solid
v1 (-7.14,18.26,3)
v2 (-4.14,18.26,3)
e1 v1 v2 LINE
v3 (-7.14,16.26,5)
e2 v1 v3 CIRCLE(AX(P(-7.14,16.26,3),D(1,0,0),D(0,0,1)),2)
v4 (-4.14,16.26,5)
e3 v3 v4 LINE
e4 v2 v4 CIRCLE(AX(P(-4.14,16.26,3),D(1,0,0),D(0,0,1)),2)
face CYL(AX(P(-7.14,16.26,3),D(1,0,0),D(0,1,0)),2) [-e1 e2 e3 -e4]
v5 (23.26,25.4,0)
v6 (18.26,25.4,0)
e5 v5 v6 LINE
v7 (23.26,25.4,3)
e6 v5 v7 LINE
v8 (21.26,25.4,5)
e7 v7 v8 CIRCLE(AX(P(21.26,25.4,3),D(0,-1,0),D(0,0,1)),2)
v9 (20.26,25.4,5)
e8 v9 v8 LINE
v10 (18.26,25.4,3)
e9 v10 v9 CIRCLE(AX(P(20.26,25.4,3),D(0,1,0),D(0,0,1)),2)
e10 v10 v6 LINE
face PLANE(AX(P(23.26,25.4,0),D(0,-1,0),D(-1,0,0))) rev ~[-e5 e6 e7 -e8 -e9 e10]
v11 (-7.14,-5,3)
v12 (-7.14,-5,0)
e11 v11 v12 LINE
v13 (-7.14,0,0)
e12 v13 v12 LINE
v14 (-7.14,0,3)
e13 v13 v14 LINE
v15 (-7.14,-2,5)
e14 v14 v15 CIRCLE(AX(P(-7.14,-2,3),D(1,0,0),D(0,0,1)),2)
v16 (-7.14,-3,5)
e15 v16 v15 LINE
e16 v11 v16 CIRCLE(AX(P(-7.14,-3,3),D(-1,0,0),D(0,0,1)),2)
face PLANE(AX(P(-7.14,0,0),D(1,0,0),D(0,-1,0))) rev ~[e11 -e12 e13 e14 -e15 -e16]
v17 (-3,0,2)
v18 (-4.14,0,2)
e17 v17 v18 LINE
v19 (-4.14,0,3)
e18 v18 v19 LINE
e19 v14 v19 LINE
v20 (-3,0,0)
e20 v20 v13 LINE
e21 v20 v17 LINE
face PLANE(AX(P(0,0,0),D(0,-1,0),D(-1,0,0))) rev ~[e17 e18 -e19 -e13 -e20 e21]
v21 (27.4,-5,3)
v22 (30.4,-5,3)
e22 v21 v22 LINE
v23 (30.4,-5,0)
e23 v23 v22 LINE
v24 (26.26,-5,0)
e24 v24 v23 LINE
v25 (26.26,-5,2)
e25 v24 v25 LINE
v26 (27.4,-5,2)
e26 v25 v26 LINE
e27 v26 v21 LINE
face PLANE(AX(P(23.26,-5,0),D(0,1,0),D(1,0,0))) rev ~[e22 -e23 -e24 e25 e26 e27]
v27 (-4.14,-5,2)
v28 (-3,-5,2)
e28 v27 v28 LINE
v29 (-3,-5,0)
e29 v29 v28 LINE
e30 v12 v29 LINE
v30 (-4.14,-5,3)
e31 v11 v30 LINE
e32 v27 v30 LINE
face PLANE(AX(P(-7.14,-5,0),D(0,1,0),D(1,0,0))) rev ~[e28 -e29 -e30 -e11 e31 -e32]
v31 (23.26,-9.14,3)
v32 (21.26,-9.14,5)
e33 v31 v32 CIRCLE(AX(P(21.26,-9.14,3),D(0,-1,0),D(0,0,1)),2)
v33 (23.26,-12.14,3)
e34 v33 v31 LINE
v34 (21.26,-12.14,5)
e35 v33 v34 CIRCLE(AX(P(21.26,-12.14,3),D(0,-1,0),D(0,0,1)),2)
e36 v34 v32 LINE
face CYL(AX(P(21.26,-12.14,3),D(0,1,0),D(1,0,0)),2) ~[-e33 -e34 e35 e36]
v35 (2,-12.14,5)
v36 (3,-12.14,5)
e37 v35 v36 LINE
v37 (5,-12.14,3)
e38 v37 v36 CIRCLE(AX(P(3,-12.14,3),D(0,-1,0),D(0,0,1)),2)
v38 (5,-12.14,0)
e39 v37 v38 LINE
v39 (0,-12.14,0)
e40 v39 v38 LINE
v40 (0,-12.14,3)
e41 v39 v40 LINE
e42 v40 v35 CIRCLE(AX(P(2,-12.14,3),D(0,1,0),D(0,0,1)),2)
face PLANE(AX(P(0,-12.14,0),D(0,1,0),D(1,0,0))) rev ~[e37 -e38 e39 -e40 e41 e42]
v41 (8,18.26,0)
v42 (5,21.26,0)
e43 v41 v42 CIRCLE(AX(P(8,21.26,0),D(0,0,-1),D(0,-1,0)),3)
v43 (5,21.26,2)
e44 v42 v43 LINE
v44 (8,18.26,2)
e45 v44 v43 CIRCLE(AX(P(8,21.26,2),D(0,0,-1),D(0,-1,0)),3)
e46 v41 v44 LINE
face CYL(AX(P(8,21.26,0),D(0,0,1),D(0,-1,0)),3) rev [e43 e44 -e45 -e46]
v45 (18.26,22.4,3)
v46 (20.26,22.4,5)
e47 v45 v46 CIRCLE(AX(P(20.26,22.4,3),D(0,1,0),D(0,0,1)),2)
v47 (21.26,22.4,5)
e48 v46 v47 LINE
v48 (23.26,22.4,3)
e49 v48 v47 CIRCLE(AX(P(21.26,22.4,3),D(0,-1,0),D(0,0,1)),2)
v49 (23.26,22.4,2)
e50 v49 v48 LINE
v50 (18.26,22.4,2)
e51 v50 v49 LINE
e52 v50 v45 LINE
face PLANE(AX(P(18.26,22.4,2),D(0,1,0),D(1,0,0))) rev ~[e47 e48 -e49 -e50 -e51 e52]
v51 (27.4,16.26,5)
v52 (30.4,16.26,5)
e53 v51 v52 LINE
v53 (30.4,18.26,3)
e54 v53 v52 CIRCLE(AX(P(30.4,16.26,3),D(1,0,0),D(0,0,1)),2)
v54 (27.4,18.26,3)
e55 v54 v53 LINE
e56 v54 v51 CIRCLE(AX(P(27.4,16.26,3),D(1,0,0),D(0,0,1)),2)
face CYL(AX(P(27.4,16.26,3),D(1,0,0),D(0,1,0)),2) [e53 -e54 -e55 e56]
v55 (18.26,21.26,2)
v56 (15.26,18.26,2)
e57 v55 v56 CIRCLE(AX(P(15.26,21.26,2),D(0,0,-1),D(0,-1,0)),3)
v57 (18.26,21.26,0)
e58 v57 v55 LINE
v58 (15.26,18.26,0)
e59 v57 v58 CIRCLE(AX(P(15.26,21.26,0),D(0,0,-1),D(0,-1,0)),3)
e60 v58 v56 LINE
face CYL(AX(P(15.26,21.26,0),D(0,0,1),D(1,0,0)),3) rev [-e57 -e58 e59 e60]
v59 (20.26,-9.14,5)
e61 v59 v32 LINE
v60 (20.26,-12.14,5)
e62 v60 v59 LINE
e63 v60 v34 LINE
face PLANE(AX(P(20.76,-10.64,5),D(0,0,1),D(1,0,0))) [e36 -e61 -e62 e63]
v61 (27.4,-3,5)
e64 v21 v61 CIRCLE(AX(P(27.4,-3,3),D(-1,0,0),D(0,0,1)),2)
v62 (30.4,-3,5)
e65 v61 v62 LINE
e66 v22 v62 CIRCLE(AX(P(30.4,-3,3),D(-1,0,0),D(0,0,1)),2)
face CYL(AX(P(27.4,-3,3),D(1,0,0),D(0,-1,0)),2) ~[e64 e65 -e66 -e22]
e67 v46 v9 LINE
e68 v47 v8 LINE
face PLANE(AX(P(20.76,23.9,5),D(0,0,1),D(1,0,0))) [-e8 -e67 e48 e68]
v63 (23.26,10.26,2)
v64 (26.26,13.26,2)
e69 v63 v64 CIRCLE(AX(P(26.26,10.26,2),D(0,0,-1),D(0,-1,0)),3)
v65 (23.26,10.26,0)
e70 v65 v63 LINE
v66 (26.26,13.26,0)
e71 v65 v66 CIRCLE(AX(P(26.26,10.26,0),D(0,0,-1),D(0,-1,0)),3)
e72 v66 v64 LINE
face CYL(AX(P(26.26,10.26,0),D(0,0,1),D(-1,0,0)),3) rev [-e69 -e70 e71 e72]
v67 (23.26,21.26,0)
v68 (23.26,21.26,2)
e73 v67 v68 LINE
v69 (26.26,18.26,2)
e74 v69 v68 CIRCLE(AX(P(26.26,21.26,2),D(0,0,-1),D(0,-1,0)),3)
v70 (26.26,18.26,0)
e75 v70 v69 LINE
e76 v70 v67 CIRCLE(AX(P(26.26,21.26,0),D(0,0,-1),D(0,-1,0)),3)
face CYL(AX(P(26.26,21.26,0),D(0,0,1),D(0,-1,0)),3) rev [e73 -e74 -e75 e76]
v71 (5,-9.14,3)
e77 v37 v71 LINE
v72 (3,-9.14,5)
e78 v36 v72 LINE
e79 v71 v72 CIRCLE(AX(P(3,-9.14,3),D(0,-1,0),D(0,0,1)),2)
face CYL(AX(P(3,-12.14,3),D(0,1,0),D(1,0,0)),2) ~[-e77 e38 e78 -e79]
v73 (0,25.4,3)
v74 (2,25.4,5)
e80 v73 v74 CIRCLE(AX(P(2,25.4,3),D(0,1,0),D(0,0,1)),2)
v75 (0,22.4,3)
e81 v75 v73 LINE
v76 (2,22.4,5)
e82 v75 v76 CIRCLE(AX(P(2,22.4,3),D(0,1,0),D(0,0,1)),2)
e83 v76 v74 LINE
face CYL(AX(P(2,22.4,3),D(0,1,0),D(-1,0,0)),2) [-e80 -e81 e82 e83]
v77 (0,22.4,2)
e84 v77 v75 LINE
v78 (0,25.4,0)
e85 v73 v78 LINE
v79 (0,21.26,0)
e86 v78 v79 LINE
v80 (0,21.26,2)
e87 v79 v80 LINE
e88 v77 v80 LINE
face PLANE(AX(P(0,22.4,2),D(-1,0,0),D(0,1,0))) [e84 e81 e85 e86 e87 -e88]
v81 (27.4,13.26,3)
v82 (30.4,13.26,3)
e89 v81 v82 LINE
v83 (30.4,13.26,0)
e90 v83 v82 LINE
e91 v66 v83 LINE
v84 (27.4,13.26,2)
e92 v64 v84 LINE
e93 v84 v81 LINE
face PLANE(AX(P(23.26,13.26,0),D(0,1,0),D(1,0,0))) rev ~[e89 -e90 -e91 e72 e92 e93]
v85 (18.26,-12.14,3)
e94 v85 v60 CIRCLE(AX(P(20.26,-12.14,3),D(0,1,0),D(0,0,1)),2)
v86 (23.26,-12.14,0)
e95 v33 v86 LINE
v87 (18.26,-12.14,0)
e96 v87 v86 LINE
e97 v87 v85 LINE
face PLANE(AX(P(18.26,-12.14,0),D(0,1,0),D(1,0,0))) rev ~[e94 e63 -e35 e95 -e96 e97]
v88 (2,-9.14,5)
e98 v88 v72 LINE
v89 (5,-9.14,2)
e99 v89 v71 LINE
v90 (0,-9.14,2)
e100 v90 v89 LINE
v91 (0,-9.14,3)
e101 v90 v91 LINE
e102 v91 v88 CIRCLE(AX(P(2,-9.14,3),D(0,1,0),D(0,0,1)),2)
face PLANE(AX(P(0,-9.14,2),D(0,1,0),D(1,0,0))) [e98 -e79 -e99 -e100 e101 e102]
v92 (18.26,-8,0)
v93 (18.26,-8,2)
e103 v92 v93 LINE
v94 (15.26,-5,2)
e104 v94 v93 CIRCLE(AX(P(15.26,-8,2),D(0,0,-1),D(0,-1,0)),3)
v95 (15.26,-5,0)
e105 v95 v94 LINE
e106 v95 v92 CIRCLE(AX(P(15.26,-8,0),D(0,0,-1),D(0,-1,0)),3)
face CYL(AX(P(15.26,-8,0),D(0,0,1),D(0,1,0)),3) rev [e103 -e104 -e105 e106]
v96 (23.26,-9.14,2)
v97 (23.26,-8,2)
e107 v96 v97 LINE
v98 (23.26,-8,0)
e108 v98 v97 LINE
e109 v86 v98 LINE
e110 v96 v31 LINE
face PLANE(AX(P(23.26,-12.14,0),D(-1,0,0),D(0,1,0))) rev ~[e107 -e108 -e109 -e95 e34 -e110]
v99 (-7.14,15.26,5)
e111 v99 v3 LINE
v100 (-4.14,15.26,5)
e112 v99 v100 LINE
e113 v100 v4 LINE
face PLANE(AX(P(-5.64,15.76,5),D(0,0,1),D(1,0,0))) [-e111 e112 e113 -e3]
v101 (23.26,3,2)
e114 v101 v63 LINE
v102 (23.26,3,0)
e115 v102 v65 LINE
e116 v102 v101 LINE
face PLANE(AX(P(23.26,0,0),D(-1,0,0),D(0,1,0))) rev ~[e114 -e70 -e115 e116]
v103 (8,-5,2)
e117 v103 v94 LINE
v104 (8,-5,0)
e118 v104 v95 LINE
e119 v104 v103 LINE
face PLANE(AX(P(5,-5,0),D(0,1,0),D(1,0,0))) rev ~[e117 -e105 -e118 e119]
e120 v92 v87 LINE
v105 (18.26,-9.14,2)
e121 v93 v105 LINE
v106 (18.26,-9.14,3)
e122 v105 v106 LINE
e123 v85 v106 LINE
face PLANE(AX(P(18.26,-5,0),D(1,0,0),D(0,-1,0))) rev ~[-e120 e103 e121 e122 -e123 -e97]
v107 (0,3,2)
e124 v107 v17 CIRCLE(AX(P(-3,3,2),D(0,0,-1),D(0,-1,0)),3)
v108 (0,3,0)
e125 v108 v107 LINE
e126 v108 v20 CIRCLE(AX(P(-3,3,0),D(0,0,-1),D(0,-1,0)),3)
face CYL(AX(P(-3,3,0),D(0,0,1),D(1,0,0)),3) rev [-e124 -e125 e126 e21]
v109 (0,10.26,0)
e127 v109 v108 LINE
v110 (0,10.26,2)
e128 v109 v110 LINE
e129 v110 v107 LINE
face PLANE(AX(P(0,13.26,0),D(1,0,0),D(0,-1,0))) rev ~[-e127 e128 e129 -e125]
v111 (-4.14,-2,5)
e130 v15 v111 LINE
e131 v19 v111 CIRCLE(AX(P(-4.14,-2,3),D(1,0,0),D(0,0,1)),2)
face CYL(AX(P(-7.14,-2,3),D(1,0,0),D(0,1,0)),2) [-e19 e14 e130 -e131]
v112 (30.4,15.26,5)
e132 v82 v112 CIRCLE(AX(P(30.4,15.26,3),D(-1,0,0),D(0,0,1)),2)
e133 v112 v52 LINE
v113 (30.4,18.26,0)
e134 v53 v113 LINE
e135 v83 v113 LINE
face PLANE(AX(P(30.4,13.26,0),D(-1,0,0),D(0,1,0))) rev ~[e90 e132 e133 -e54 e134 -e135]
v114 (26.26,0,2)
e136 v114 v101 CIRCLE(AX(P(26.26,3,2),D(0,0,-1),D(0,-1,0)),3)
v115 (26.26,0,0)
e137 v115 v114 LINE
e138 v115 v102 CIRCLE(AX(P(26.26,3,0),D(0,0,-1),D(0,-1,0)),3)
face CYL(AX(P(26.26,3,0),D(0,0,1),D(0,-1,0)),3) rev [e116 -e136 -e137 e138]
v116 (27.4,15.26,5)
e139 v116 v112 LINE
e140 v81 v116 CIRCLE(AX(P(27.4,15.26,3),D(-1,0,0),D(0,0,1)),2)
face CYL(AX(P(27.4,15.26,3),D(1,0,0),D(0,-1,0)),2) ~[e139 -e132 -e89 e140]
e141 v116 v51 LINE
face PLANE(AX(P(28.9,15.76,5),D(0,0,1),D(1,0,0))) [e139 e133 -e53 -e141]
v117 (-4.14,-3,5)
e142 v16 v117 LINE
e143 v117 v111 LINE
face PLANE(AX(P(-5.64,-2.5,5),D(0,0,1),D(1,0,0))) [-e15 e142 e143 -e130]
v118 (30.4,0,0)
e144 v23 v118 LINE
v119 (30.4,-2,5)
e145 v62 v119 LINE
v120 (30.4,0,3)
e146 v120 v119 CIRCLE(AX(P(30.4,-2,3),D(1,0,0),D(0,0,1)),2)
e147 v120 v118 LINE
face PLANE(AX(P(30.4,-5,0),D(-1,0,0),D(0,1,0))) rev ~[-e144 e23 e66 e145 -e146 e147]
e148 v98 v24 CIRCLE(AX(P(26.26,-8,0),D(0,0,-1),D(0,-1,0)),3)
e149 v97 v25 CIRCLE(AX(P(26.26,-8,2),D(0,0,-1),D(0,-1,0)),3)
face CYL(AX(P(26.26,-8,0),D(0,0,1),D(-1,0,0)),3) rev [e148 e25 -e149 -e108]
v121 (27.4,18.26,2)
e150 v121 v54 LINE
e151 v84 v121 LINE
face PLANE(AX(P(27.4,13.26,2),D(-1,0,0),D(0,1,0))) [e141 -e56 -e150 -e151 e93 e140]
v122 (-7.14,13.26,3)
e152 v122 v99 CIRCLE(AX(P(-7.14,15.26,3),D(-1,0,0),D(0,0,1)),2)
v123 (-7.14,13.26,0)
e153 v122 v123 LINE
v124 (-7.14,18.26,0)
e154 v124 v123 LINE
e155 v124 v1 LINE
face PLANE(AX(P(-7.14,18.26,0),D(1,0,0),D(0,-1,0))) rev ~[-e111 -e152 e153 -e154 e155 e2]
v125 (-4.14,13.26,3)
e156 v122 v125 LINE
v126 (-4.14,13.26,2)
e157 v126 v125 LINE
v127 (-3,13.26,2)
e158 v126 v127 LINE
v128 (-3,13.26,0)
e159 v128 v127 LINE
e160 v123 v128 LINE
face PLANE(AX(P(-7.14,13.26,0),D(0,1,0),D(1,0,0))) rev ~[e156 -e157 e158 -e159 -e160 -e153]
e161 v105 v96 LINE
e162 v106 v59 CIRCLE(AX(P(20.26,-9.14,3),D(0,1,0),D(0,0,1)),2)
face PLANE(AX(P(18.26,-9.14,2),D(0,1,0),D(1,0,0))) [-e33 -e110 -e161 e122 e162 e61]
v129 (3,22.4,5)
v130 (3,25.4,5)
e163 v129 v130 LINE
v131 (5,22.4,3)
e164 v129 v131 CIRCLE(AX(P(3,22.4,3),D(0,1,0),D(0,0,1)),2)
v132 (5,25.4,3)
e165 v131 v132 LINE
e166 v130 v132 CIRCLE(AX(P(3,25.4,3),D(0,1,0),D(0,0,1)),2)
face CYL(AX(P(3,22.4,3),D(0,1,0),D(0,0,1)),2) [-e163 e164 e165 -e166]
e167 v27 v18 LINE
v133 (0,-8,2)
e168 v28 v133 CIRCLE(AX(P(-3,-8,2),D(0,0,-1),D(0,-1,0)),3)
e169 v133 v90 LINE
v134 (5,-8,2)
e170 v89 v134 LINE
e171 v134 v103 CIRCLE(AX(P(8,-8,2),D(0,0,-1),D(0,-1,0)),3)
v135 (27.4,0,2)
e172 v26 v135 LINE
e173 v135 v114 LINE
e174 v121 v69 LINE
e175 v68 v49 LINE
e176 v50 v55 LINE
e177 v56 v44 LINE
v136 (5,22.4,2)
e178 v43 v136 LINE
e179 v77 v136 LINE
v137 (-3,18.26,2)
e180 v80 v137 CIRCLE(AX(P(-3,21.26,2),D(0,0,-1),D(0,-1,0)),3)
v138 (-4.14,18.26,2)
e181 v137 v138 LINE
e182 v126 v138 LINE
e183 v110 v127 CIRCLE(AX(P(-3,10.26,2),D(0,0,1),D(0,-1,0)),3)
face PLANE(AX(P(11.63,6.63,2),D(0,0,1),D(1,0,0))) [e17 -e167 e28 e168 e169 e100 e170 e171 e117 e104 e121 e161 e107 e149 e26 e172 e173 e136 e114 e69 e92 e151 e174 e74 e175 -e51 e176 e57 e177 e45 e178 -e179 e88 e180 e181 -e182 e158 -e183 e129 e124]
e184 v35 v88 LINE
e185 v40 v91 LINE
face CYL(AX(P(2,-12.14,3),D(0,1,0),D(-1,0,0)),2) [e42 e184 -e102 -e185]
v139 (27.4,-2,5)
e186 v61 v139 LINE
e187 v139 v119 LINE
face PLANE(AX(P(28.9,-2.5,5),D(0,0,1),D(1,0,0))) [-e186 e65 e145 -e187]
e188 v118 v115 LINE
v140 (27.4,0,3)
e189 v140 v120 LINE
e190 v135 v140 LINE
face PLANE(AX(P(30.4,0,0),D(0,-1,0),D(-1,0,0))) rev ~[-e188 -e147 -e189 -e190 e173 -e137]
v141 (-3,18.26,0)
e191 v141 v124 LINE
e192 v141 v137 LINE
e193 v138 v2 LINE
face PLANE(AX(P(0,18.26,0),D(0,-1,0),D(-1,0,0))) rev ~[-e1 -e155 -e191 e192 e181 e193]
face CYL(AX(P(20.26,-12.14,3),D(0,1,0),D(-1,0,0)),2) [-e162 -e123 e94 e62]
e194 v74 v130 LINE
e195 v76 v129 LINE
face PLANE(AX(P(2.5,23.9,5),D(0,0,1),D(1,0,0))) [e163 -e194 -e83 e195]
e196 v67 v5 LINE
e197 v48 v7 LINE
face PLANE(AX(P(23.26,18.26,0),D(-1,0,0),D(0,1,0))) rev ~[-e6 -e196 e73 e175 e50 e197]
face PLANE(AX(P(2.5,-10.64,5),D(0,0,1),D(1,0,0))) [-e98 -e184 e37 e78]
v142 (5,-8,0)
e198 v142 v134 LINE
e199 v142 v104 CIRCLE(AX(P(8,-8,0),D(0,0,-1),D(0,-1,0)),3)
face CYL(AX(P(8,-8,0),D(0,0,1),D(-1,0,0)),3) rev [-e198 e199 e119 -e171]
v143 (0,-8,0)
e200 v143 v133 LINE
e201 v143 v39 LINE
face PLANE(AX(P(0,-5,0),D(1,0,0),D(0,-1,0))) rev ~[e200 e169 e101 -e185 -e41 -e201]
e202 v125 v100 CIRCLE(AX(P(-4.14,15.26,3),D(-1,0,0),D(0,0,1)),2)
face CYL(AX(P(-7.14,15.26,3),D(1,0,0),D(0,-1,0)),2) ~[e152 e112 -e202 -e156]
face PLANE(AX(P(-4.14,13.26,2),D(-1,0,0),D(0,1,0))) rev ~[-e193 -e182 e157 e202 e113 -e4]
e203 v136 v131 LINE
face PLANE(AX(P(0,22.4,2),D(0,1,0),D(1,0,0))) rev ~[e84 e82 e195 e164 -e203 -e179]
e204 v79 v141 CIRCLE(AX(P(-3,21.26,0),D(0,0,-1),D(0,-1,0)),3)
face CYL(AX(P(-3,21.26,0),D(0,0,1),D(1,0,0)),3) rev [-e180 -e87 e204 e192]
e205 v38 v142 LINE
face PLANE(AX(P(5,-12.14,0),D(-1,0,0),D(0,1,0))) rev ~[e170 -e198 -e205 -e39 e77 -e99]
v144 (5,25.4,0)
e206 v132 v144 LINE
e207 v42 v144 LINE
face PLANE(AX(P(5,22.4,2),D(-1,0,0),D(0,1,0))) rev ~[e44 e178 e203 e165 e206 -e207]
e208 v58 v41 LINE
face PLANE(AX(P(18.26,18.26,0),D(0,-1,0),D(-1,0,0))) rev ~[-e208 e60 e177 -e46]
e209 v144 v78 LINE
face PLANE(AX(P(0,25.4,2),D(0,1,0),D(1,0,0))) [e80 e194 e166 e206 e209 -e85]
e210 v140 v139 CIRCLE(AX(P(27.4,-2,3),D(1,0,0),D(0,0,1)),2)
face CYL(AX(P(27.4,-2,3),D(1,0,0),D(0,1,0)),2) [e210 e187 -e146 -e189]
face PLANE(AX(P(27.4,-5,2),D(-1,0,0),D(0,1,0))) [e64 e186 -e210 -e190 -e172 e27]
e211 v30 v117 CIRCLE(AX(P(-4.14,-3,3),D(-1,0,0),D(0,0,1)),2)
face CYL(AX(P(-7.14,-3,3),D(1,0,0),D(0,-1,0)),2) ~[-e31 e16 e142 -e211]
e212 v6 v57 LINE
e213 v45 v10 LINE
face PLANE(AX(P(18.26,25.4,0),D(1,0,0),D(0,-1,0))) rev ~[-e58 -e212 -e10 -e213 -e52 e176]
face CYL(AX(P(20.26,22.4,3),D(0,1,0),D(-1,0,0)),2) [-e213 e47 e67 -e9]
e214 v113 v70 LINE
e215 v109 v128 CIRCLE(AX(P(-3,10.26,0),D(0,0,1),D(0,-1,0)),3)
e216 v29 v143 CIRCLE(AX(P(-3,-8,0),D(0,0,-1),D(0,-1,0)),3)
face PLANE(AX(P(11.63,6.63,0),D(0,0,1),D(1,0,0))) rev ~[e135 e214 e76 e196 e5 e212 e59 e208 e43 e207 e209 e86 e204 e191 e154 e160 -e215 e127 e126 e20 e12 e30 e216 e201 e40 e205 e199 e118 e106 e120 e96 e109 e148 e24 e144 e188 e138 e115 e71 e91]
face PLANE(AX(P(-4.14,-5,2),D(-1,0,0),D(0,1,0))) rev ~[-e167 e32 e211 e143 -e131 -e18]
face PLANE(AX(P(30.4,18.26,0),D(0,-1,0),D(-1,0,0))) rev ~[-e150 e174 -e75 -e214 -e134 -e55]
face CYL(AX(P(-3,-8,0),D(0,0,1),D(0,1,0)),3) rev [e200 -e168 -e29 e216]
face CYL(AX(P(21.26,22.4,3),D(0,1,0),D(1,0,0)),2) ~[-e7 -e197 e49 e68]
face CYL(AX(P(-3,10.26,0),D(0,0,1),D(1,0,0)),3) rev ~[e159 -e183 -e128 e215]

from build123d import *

# Parameters (mm, degrees)
F1_DEPTH = 2
F2_W     = 5
F2_H     = 3
F2_W_2   = 3
F2_H_2   = 5
F3_DEPTH = 3
F4_R     = 3
F5_R     = 2


with BuildPart() as f1:
    # F0 (on Top) → F1 (new body)
    with BuildSketch(Plane.XY):
        Polygon((0, 13.26), (0, 0), (-7.14, 0), (-7.14, -5), (0, -5), (0, -12.14), (5, -12.14), (5, -5), (18.26, -5), (18.26, -12.14), (23.26, -12.14), (23.26, -5), (30.4, -5), (30.4, 0), (23.26, 0), (23.26, 13.26), (30.4, 13.26), (30.4, 18.26), (23.26, 18.26), (23.26, 25.4), (18.26, 25.4), (18.26, 18.26), (5, 18.26), (5, 25.4), (0, 25.4), (0, 18.26), (-7.14, 18.26), (-7.14, 13.26), align=None)
    extrude(amount=F1_DEPTH)

    # F2 (on face) → F3 (join)
    with BuildSketch(Plane.XY.offset(2)):
        with Locations((2.5, 23.9)):
            Rectangle(F2_W, F2_H)
        with Locations((20.76, 23.9)):
            Rectangle(F2_W, F2_H)
        with Locations((-5.64, 15.76)):
            Rectangle(F2_W_2, F2_H_2)
        with Locations((28.9, 15.76)):
            Rectangle(F2_W_2, F2_H_2)
        with Locations((28.9, -2.5)):
            Rectangle(F2_W_2, F2_H_2)
        with Locations((20.76, -10.64)):
            Rectangle(F2_W, F2_H)
        with Locations((2.5, -10.64)):
            Rectangle(F2_W, F2_H)
        with Locations((-5.64, -2.5)):
            Rectangle(F2_W_2, F2_H_2)
    extrude(amount=F3_DEPTH)

    # F4
    f4_edges = [f1.edges().sort_by_distance(p)[0] for p in [
        (18.26, 18.26, 1),
        (5, 18.26, 1),
        (0, 18.26, 1),
        (0, 13.26, 1),
        (0, 0, 1),
        (0, -5, 1),
        (5, -5, 1),
        (18.26, -5, 1),
        (23.26, -5, 1),
        (23.26, 13.26, 1),
        (23.26, 0, 1),
        (23.26, 18.26, 1),
    ]]
    fillet(f4_edges, radius=F4_R)

    # F5
    f5_edges = [f1.edges().sort_by_distance(p)[0] for p in [
        (-5.64, -5, 5),
        (-5.64, 0, 5),
        (-5.64, 13.26, 5),
        (-5.64, 18.26, 5),
        (0, 23.9, 5),
        (5, 23.9, 5),
        (18.26, 23.9, 5),
        (23.26, 23.9, 5),
        (28.9, 13.26, 5),
        (28.9, 18.26, 5),
        (28.9, -5, 5),
        (28.9, 0, 5),
        (23.26, -10.64, 5),
        (18.26, -10.64, 5),
        (5, -10.64, 5),
        (0, -10.64, 5),
    ]]
    fillet(f5_edges, radius=F5_R)


solid = f1.part
